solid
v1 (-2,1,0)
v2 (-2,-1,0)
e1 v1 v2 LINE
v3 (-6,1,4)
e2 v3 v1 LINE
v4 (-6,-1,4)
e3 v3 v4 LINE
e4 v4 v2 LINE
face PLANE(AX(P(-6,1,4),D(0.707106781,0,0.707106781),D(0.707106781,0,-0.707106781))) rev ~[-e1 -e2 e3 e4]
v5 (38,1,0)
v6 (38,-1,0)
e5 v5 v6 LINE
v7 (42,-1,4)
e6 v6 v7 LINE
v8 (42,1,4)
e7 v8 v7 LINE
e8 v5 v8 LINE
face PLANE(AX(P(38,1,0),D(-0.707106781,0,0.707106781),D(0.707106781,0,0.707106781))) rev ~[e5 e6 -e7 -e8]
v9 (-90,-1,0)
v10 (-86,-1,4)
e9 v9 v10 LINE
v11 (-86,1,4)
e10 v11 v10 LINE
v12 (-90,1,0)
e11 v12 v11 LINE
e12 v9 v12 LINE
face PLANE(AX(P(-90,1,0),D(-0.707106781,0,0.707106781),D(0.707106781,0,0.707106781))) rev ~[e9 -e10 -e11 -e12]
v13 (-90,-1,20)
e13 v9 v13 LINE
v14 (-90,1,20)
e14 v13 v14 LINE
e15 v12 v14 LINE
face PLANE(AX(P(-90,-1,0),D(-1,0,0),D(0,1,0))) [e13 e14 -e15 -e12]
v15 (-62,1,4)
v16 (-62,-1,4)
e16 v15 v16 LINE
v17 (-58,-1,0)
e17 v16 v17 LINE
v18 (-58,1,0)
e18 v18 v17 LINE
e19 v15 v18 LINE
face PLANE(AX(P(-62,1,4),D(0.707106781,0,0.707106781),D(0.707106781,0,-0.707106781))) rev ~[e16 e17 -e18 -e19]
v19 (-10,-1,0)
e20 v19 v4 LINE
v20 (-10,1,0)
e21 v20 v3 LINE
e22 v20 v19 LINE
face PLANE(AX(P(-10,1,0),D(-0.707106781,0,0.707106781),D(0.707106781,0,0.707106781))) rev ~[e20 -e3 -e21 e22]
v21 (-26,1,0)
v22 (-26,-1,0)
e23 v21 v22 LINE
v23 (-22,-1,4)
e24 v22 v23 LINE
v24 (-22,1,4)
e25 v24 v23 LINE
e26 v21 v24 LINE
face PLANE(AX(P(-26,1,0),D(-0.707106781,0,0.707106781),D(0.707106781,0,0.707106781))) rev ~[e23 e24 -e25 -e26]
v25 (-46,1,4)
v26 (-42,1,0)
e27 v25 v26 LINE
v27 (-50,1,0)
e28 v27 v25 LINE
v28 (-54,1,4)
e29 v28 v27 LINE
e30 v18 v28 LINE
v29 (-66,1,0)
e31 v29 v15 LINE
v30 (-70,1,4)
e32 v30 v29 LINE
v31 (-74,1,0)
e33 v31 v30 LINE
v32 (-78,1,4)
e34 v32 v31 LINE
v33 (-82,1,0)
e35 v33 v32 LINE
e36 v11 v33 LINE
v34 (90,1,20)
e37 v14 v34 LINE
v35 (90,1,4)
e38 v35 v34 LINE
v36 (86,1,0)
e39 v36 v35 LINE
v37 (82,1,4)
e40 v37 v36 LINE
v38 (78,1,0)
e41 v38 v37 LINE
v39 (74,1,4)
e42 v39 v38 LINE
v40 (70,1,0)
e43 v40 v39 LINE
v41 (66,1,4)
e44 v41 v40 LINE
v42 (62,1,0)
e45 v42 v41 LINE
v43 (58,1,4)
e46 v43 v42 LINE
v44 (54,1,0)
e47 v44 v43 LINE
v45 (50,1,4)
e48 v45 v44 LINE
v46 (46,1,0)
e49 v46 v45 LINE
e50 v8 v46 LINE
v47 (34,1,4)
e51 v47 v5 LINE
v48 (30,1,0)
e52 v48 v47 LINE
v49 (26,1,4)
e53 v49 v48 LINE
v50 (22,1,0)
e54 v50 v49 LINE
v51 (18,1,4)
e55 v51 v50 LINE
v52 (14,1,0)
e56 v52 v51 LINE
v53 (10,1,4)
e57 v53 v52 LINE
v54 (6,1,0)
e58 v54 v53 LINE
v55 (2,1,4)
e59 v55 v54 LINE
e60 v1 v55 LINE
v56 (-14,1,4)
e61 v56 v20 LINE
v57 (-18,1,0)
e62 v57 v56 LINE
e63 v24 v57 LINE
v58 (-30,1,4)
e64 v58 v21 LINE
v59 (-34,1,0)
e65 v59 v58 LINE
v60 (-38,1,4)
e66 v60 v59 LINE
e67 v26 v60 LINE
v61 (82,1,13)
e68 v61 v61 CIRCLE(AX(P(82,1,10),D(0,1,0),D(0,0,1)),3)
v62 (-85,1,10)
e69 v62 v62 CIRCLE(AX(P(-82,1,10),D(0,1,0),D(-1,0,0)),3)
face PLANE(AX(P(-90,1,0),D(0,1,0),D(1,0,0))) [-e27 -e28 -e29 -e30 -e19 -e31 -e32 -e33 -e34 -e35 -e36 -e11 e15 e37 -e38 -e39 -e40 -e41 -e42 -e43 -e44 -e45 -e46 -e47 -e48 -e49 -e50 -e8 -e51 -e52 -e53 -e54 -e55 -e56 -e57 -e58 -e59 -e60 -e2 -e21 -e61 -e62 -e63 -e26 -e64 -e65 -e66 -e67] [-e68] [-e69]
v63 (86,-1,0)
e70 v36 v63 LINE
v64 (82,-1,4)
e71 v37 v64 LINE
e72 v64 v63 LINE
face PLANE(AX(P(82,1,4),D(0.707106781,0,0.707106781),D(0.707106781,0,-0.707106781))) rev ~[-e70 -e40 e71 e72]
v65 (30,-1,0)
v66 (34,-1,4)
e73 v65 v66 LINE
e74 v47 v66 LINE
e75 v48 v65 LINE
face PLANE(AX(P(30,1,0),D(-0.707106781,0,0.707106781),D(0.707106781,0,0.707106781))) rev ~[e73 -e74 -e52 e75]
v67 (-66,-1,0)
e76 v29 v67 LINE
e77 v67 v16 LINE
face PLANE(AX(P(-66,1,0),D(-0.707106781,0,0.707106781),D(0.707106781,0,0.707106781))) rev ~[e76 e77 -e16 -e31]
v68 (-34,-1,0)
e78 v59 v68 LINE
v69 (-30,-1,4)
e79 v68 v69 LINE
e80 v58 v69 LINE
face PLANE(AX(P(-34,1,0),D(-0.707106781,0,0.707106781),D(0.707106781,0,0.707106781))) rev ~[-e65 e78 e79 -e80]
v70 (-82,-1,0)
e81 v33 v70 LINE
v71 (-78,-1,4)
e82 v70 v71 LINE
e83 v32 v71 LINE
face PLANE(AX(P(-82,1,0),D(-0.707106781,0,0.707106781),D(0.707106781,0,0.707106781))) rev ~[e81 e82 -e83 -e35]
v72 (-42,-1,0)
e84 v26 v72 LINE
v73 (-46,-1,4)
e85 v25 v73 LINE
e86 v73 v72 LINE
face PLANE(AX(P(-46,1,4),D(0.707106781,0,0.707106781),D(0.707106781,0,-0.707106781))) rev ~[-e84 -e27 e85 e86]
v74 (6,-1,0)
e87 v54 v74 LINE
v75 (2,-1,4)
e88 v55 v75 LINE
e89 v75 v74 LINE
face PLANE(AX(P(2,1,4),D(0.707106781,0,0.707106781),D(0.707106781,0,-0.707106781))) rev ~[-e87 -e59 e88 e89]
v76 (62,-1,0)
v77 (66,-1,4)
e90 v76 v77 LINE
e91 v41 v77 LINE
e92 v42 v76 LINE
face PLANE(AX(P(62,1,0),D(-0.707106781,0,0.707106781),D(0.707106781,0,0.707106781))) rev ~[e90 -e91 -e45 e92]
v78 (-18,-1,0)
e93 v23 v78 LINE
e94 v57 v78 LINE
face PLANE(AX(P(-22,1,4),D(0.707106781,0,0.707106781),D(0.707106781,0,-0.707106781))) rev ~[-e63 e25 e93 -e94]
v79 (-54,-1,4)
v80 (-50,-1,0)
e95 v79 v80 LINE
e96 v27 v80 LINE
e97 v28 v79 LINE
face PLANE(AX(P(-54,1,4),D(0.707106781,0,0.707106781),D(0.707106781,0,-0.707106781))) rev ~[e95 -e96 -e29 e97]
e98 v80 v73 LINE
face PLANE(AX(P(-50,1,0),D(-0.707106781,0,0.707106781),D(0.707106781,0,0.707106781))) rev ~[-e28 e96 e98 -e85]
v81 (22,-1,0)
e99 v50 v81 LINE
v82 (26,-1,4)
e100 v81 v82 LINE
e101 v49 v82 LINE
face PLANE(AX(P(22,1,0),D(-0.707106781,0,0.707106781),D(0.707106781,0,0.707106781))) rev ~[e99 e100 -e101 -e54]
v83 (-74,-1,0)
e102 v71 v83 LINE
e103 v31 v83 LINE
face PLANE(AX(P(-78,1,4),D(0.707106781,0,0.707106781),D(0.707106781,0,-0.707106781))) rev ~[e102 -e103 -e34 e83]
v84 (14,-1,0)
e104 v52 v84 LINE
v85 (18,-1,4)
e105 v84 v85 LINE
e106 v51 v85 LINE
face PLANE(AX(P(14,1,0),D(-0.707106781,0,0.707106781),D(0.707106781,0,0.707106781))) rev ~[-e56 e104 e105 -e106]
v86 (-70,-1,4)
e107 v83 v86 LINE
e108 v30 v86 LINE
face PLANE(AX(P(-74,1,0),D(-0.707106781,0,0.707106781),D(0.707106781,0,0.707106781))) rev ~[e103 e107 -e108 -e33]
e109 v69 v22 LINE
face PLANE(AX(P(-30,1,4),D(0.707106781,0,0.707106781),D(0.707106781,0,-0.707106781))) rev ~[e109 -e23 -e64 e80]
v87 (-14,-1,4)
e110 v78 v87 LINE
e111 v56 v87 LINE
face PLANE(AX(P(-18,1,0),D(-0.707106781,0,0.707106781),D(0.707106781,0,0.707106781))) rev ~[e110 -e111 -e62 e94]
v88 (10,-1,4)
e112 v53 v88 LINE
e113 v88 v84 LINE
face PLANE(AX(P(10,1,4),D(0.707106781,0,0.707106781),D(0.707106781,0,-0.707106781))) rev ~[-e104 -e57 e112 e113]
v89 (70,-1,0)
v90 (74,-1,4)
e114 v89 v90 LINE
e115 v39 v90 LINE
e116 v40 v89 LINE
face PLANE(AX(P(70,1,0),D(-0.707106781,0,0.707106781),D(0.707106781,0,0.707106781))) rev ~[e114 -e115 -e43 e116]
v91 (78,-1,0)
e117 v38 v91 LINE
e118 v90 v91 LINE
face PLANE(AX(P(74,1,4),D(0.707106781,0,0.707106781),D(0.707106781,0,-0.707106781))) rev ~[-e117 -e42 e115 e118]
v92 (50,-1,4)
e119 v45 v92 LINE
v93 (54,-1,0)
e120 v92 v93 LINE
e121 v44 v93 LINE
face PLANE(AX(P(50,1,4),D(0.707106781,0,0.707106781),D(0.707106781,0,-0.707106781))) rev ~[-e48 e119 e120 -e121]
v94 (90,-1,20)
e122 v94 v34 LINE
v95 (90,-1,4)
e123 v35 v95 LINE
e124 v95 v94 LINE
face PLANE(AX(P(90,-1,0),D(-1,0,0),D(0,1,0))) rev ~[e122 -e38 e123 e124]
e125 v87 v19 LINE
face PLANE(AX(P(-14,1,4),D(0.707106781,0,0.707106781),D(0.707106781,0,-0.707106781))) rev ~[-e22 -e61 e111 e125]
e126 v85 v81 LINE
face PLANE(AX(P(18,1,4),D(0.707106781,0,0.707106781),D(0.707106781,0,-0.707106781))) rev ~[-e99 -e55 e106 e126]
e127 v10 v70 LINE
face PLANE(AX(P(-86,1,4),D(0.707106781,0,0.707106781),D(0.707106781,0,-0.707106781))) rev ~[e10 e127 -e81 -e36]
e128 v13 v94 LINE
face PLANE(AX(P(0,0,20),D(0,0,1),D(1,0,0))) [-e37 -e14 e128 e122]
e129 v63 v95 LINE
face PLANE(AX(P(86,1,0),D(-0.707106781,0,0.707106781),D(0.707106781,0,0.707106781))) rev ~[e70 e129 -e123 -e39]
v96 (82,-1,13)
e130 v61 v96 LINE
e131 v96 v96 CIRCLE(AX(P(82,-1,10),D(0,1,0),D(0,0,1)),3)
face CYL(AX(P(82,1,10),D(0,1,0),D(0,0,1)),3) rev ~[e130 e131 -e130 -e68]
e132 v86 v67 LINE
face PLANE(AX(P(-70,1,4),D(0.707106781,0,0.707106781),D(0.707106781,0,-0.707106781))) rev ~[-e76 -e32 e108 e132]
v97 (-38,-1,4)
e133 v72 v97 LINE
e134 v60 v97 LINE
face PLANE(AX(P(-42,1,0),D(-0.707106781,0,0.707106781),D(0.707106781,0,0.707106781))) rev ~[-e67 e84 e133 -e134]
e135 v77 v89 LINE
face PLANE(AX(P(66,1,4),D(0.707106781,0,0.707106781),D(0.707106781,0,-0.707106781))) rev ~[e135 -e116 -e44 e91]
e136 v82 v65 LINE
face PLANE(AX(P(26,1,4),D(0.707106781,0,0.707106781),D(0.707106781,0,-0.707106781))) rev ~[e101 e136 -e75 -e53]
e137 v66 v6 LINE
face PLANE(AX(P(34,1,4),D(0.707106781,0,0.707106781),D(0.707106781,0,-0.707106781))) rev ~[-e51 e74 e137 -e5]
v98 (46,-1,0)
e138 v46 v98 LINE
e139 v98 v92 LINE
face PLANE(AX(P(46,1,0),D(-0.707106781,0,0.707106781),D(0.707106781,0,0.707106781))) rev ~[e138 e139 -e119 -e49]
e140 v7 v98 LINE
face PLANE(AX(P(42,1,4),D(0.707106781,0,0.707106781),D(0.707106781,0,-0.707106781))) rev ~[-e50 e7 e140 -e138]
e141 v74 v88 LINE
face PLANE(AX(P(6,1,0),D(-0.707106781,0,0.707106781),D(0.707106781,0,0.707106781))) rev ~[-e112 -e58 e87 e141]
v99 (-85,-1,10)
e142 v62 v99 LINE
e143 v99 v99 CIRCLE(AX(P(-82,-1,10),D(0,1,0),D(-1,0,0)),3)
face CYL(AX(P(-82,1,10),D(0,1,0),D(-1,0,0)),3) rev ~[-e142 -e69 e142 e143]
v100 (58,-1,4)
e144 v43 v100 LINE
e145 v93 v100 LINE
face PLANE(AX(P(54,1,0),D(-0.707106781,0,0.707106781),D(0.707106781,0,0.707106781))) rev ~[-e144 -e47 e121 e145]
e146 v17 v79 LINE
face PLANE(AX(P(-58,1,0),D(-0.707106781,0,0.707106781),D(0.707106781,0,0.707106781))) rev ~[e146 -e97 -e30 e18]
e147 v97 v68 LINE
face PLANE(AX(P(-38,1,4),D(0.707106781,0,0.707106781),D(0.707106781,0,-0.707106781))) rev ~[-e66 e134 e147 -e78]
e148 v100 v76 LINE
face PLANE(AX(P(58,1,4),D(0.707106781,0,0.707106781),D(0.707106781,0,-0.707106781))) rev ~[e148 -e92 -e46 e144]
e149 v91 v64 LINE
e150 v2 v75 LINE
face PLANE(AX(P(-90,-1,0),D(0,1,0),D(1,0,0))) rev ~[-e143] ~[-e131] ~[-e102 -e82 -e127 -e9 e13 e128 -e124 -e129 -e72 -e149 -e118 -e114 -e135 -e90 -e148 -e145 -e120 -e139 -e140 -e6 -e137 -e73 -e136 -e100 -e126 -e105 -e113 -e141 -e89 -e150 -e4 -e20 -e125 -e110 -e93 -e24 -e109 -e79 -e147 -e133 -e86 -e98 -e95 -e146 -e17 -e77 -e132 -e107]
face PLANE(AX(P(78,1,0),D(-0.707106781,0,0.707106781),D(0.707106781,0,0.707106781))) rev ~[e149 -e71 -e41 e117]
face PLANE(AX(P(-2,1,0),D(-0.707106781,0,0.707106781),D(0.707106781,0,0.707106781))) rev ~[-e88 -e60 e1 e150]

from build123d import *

# Parameters (mm, degrees)
SKETCH1_W           = 180
SKETCH1_H           = 2
BOSS_EXTRUDE1_DEPTH = 20
SKETCH2_R           = 3
CUT_EXTRUDE1_DEPTH  = 20
CUT_EXTRUDE2_DEPTH  = 20


with BuildPart() as part:
    # Sketch1 → Boss-Extrude1 (new body)
    with BuildSketch(Plane.XY):
        Rectangle(SKETCH1_W, SKETCH1_H)
    extrude(amount=BOSS_EXTRUDE1_DEPTH)

    # Sketch2 → Cut-Extrude1 (cut)
    with BuildSketch(Plane(origin=(0, 1, 0), x_dir=(1, 0, 0), z_dir=(0, 1, 0))):
        with Locations(Location((82, -10, 0), (0, 0, 270))):
            Circle(SKETCH2_R)
        with Locations(Location((-82, -10, 0), (0, 0, 180))):
            Circle(SKETCH2_R)
    extrude(amount=-CUT_EXTRUDE1_DEPTH, mode=Mode.SUBTRACT)

    # Sketch3 → Cut-Extrude2 (cut)
    with BuildSketch(Plane(origin=(0, 1, 0), x_dir=(1, 0, 0), z_dir=(0, 1, 0))):
        Polygon((-14, -4), (-10, 0), (-18, 0), align=None)
        Polygon((-22, -4), (-18, 0), (-26, 0), align=None)
        Polygon((82, -4), (86, 0), (78, 0), align=None)
        Polygon((86, 0), (90, -4), (90, 0), align=None)
        Polygon((74, -4), (78, 0), (70, 0), align=None)
        Polygon((66, -4), (70, 0), (62, 0), align=None)
        Polygon((58, -4), (62, 0), (54, 0), align=None)
        Polygon((50, -4), (54, 0), (46, 0), align=None)
        Polygon((42, -4), (46, 0), (38, 0), align=None)
        Polygon((34, -4), (38, 0), (30, 0), align=None)
        Polygon((26, -4), (30, 0), (22, 0), align=None)
        Polygon((18, -4), (22, 0), (14, 0), align=None)
        Polygon((10, -4), (14, 0), (6, 0), align=None)
        Polygon((2, -4), (6, 0), (-2, 0), align=None)
        Polygon((-30, -4), (-26, 0), (-34, 0), align=None)
        Polygon((-6, -4), (-2, 0), (-10, 0), align=None)
        Polygon((-38, -4), (-34, 0), (-42, 0), align=None)
        Polygon((-86, -4), (-82, 0), (-90, 0), align=None)
        Polygon((-78, -4), (-74, 0), (-82, 0), align=None)
        Polygon((-70, -4), (-66, 0), (-74, 0), align=None)
        Polygon((-62, -4), (-58, 0), (-66, 0), align=None)
        Polygon((-54, -4), (-50, 0), (-58, 0), align=None)
        Polygon((-46, -4), (-42, 0), (-50, 0), align=None)
    extrude(amount=-CUT_EXTRUDE2_DEPTH, mode=Mode.SUBTRACT)


solid = part.part
